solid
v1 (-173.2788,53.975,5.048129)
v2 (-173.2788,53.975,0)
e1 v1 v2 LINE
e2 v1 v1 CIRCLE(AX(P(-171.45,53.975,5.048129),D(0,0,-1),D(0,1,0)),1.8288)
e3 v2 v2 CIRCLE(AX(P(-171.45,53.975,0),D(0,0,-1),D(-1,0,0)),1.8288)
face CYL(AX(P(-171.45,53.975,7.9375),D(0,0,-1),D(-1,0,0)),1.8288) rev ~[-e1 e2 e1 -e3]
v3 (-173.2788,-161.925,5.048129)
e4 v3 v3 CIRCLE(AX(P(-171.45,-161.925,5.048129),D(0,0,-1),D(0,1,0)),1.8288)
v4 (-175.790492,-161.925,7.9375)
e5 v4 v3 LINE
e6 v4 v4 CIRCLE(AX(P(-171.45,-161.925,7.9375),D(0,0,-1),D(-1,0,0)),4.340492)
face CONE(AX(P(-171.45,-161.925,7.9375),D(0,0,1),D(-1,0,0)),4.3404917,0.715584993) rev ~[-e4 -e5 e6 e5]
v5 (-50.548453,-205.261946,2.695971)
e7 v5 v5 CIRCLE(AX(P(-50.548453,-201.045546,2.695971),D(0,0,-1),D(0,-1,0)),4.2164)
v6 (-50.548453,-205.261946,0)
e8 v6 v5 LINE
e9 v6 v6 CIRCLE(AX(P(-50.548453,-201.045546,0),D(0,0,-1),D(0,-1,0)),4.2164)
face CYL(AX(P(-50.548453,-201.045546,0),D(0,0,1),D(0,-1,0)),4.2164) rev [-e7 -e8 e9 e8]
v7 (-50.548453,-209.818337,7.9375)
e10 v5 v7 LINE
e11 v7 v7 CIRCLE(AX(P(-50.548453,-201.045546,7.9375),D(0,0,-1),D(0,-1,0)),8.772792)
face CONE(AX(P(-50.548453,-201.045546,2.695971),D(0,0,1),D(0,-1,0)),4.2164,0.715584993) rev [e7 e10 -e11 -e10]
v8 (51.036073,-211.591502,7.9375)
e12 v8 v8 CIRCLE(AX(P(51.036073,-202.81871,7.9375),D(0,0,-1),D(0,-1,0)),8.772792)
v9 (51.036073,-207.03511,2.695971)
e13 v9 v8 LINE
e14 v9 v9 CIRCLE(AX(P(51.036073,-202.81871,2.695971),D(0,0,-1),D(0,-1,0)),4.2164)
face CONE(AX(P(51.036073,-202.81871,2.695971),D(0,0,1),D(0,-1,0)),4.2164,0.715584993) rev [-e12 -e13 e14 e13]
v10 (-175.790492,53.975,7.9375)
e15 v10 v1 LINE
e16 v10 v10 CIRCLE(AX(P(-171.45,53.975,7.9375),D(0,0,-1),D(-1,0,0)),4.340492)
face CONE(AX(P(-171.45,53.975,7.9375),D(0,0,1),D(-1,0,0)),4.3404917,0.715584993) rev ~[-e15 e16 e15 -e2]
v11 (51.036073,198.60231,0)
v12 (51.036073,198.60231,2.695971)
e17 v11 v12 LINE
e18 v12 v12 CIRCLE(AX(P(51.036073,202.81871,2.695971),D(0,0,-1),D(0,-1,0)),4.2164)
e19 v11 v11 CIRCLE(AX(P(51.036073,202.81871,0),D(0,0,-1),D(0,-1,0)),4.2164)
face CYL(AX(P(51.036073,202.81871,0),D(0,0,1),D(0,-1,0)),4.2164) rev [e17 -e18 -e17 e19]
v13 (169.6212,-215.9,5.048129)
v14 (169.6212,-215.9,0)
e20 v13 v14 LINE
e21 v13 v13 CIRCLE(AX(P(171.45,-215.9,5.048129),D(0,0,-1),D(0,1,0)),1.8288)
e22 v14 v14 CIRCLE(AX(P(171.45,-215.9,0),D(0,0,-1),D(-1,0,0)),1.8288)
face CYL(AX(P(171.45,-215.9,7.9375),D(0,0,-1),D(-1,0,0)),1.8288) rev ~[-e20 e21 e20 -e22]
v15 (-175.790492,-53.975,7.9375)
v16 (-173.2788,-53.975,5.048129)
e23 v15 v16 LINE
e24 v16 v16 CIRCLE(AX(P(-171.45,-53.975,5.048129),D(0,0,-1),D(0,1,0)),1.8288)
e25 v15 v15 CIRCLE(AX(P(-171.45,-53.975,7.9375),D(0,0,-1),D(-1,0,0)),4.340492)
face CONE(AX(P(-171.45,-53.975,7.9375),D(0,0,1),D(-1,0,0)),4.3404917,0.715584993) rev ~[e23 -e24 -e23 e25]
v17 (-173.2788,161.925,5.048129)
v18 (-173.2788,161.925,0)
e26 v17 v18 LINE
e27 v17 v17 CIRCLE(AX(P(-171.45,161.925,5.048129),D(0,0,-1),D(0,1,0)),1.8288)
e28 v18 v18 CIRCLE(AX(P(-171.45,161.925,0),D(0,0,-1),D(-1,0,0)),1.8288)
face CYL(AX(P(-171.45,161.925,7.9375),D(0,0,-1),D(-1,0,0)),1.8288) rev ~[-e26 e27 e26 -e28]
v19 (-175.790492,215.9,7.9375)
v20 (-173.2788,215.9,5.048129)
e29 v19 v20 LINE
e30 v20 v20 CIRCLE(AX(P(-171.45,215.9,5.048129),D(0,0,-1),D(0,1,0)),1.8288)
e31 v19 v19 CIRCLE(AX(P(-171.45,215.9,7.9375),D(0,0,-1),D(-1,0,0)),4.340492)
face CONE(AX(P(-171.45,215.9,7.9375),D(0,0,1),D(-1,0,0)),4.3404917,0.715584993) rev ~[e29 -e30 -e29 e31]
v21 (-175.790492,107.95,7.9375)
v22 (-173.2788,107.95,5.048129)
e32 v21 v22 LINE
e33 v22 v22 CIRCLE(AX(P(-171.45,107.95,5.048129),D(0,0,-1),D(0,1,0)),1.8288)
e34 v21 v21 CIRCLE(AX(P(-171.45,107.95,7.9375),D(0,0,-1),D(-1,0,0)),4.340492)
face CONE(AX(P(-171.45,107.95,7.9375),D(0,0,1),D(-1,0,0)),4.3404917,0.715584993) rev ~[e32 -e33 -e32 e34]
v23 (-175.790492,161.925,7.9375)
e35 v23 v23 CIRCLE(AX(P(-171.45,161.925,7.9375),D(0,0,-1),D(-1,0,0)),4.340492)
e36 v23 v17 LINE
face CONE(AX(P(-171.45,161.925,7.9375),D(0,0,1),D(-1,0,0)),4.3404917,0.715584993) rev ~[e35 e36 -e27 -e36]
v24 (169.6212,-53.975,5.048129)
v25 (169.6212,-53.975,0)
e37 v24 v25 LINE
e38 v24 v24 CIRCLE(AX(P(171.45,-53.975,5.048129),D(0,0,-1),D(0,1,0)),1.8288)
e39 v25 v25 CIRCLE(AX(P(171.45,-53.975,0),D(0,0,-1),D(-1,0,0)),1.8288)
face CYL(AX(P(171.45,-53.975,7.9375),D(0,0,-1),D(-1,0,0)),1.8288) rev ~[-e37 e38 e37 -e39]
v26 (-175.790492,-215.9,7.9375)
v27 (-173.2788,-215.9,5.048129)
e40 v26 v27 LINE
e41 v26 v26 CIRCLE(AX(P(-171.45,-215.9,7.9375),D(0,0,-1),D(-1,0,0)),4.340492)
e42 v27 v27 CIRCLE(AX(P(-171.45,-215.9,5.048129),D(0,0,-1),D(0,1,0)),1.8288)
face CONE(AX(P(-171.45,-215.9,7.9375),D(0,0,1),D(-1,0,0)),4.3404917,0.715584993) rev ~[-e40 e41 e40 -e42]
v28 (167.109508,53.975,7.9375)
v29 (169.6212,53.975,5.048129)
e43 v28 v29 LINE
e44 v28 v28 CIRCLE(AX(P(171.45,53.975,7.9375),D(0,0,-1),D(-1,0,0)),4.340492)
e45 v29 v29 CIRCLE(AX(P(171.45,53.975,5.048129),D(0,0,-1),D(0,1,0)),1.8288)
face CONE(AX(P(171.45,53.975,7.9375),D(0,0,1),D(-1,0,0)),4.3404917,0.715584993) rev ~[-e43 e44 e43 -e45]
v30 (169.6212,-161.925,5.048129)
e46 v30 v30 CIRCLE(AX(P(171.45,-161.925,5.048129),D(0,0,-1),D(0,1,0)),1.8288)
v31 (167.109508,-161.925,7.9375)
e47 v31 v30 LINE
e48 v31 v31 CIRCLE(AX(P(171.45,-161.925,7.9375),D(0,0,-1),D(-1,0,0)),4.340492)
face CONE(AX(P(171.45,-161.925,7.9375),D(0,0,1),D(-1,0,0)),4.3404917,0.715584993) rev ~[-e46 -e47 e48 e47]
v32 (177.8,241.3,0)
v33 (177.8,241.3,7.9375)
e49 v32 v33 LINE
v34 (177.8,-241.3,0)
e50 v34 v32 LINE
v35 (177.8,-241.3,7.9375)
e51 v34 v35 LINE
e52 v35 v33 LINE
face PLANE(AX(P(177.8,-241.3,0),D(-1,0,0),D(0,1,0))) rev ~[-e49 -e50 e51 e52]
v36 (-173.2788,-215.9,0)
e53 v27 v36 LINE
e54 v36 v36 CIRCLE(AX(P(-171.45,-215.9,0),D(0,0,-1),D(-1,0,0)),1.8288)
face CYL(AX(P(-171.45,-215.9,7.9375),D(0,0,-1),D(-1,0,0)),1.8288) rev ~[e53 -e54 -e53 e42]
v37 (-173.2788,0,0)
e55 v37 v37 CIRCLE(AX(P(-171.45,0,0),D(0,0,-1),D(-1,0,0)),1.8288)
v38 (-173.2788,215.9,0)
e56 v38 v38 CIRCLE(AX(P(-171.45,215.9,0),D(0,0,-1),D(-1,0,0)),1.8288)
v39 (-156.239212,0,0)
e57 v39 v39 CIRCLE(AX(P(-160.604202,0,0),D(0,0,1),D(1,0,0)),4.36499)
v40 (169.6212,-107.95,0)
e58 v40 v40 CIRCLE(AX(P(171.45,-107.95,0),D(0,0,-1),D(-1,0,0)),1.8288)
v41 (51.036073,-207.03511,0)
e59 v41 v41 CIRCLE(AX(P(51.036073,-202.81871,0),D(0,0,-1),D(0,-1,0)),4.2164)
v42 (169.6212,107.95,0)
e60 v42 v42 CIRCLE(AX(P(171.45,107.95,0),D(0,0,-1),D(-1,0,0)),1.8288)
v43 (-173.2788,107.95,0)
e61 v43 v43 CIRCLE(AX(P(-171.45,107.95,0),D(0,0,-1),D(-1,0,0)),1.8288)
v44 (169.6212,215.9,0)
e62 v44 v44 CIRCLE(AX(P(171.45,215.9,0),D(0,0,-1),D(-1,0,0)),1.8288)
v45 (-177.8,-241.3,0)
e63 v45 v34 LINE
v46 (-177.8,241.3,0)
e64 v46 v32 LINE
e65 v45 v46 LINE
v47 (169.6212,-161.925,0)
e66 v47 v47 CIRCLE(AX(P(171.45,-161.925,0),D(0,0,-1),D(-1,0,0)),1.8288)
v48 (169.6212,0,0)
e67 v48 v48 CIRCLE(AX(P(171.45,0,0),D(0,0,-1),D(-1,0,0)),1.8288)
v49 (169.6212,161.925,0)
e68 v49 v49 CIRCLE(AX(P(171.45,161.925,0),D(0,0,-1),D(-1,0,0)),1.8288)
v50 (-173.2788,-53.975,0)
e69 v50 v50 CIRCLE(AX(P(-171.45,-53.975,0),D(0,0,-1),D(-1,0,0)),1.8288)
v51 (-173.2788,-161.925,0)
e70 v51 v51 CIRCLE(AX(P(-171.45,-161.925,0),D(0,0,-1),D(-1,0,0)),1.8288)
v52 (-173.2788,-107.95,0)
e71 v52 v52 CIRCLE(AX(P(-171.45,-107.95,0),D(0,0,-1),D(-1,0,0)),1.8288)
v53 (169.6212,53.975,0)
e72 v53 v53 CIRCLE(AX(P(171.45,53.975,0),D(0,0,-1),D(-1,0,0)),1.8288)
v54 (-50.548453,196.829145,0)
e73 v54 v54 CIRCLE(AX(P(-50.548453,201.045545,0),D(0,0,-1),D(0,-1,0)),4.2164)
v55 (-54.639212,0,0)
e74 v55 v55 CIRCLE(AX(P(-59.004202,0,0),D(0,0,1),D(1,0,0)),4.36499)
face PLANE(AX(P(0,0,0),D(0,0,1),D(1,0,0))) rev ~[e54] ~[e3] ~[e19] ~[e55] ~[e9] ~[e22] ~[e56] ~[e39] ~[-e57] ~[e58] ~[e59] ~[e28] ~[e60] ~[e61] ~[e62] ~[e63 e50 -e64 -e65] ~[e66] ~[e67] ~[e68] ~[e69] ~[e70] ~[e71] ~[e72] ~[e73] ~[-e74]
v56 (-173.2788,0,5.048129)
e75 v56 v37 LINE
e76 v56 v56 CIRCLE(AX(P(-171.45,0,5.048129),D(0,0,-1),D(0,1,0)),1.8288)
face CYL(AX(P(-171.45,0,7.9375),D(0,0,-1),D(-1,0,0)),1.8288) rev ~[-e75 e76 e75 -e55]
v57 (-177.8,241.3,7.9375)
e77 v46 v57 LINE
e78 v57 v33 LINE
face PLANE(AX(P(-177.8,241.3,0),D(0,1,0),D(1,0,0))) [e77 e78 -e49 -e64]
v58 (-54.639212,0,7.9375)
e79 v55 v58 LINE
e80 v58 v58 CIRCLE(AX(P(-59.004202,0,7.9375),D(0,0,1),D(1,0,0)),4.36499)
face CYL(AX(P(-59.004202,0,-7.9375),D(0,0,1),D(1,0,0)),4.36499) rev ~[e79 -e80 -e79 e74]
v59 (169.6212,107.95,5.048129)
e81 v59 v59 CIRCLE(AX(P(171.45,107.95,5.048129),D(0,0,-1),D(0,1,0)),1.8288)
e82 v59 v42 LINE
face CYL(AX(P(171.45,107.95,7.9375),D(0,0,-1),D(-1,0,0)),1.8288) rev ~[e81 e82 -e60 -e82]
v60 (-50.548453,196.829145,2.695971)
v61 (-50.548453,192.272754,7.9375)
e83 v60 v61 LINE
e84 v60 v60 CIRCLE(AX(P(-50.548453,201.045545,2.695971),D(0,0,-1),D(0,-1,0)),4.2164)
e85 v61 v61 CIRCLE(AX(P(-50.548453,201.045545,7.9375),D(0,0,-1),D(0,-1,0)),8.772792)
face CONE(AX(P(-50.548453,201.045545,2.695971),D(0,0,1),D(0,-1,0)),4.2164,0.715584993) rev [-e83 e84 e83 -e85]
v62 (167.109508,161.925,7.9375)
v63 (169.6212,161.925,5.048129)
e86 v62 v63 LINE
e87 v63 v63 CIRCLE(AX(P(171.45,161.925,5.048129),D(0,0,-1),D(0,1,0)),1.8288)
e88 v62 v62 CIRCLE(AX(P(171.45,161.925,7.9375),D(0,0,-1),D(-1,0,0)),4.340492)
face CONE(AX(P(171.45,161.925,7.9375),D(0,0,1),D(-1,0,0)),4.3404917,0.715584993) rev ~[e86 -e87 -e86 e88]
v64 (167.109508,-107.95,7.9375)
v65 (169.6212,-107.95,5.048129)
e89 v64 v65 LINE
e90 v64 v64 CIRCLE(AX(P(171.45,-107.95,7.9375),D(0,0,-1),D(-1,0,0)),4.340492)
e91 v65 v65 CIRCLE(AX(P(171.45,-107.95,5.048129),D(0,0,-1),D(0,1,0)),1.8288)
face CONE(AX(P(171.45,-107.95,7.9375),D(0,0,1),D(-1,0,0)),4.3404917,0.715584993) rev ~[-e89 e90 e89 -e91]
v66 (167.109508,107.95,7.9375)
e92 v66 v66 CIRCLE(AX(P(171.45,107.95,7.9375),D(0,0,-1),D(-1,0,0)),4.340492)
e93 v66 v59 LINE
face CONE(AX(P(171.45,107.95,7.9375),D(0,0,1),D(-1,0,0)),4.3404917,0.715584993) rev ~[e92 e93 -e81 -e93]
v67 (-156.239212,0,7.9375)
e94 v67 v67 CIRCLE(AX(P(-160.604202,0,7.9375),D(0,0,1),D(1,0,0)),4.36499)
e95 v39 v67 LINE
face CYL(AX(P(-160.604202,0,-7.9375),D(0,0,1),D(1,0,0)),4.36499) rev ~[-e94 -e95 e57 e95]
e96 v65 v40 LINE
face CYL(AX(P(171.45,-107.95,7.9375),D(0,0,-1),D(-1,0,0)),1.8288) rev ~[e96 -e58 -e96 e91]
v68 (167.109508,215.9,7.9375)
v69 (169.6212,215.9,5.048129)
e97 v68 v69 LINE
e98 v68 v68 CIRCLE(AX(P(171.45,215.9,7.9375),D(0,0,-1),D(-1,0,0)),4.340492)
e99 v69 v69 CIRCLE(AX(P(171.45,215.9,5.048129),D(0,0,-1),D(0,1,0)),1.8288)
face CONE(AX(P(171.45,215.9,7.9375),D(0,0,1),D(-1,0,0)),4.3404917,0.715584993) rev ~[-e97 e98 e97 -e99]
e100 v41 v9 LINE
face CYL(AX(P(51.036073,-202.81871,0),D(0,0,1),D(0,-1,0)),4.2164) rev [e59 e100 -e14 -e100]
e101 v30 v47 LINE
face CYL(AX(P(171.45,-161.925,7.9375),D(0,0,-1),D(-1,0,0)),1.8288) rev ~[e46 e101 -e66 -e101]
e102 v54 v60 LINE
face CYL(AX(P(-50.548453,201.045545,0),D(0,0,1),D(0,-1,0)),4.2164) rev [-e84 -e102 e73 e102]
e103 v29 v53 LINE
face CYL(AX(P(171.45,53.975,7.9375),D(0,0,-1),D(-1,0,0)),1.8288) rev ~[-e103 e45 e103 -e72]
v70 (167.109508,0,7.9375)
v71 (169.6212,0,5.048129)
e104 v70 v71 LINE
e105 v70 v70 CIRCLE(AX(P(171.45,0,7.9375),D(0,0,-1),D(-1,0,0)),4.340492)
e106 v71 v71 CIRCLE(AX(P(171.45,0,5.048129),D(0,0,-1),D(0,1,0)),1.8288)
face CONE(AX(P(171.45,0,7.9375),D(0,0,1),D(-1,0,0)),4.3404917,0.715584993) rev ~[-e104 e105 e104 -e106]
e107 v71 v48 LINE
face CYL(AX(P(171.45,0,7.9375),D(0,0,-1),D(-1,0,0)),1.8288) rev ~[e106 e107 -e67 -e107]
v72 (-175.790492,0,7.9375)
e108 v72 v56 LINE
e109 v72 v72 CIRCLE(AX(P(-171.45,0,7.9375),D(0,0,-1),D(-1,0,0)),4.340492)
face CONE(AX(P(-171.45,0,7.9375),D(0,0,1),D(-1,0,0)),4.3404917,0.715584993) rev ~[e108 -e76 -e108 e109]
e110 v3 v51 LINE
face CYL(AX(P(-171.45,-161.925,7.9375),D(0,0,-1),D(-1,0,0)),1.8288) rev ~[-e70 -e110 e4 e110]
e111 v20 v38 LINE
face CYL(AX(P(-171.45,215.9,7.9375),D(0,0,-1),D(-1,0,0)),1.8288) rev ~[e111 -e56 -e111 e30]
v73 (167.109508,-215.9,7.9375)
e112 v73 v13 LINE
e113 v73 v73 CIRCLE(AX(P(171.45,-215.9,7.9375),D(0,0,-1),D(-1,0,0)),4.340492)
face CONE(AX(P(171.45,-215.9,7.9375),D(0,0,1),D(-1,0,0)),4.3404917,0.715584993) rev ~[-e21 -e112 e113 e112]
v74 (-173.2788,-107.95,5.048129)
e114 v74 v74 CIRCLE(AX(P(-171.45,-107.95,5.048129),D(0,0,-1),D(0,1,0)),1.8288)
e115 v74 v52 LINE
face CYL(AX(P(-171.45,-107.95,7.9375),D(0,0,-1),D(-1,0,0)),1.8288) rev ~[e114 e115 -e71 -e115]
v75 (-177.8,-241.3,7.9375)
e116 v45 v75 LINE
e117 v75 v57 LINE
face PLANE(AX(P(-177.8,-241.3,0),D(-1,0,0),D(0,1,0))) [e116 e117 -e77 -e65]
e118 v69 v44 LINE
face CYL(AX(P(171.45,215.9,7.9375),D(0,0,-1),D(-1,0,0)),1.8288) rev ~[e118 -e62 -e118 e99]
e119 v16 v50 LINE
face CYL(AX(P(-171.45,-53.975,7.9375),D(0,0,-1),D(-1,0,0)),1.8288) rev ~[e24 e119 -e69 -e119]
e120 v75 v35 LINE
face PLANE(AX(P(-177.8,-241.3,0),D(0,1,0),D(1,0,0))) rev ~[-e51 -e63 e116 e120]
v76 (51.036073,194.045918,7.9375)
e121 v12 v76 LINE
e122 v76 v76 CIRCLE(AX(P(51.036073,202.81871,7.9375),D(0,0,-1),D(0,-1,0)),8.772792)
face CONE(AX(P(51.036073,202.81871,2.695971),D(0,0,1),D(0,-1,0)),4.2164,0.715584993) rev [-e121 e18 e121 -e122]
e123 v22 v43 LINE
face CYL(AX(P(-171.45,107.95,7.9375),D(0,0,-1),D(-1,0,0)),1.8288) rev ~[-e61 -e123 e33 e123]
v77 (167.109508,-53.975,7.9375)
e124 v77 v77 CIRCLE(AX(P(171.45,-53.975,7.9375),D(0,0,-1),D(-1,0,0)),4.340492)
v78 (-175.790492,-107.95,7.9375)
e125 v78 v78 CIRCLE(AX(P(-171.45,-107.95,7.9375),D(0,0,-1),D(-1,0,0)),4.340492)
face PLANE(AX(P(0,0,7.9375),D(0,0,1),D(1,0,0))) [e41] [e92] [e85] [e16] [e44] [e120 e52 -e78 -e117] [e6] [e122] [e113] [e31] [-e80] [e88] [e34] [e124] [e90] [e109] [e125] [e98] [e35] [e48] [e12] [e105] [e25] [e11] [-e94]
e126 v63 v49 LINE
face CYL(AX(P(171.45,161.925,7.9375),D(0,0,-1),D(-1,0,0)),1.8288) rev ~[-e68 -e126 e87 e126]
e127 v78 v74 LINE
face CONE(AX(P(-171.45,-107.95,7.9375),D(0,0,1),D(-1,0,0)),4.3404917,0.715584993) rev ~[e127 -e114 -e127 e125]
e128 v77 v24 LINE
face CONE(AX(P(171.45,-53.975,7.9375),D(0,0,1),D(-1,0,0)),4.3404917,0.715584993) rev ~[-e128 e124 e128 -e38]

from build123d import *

# Parameters (mm, degrees)
SKETCH1_W                                         = 355.6
SKETCH1_H                                         = 482.6
EXTRUDE1_DEPTH                                    = 7.9375
F_5_16_CLEARANCE_HOLE1_D                          = 8.72998
F_5_16_CLEARANCE_HOLE1_DEPTH                      = 7.9375
CSK_FOR_5_16_FLAT_HEAD_SOCKET_CAP_SC_2_COUNT      = 2
CSK_FOR_5_16_FLAT_HEAD_SOCKET_CAP_SC_2_PITCH      = 405.637419891
CSK_FOR_5_16_FLAT_HEAD_SOCKET_CAP_SC_3_COUNT      = 2
CSK_FOR_5_16_FLAT_HEAD_SOCKET_CAP_SC_3_PITCH      = 101.6
CSK_FOR_5_16_FLAT_HEAD_SOCKET_CAP_SC_4_COUNT      = 2
CSK_FOR_5_16_FLAT_HEAD_SOCKET_CAP_SC_4_PITCH      = 416.444177142
CSK_FOR_6_FLAT_HEAD_SOCKET_CAP_SCREW1_D           = 3.6576
CSK_FOR_6_FLAT_HEAD_SOCKET_CAP_SCREW1_DEPTH       = 7.938008
CSK_FOR_6_FLAT_HEAD_SOCKET_CAP_SCREW1_CSINK_D     = 8.6809834
CSK_FOR_6_FLAT_HEAD_SOCKET_CAP_SCREW1_CSINK_ANGLE = 82
CSK_FOR_6_FLAT_HEAD_SOCKET_CAP_SCREW1_TIP         = 1.0988539


with BuildPart() as part:
    # Sketch1 → Extrude1 (new body)
    with BuildSketch(Plane.XY):
        Rectangle(SKETCH1_W, SKETCH1_H)
    extrude(amount=EXTRUDE1_DEPTH)

    # 5/16 Clearance Hole1
    with Locations(Plane(origin=(0, 0, 0), x_dir=(-1, 0, 0), z_dir=(0, 0, -1))):
        with Locations((59.004201824, 0), (160.604201824, 0)):
            Hole(F_5_16_CLEARANCE_HOLE1_D / 2, depth=F_5_16_CLEARANCE_HOLE1_DEPTH)

    # Sketch12 → CSK for 5/16 Flat Head Socket Cap Screw1 (revolve, cut)
    with BuildSketch(Plane(origin=(51.036073032, 202.818709946, 7.9375), x_dir=(0, -1, 0), z_dir=(1, 0, 0))):
        Polygon((0, 0), (0, 7.9375), (4.2164, 7.9375), (4.2164, 5.241529063), (8.7727917, 0), align=None)
    csk_for_5_16_flat_head_socket_cap_screw1 = revolve(axis=Axis((51.036073032, 202.818709946, 14.2875), (0, 0, -1)), mode=Mode.SUBTRACT)

    # CSK for 5_16 Flat Head Socket Cap Sc 2: CSK for 5/16 Flat Head Socket Cap Screw1 ×2
    with Locations(*[(0, -i * CSK_FOR_5_16_FLAT_HEAD_SOCKET_CAP_SC_2_PITCH, 0) for i in range(1, CSK_FOR_5_16_FLAT_HEAD_SOCKET_CAP_SC_2_COUNT)]):
        add(csk_for_5_16_flat_head_socket_cap_screw1, mode=Mode.SUBTRACT)

    # CSK for 5_16 Flat Head Socket Cap Sc 3: CSK for 5/16 Flat Head Socket Cap Screw1 ×2
    with Locations(*[Vector(-0.999847695, -0.017452406, 0) * (i * CSK_FOR_5_16_FLAT_HEAD_SOCKET_CAP_SC_3_PITCH) for i in range(1, CSK_FOR_5_16_FLAT_HEAD_SOCKET_CAP_SC_3_COUNT)]):
        add(csk_for_5_16_flat_head_socket_cap_screw1, mode=Mode.SUBTRACT)

    # CSK for 5_16 Flat Head Socket Cap Sc 4: CSK for 5/16 Flat Head Socket Cap Screw1 ×2
    with Locations(*[Vector(-0.243933116, -0.969792058, 0) * (i * CSK_FOR_5_16_FLAT_HEAD_SOCKET_CAP_SC_4_PITCH) for i in range(1, CSK_FOR_5_16_FLAT_HEAD_SOCKET_CAP_SC_4_COUNT)]):
        add(csk_for_5_16_flat_head_socket_cap_screw1, mode=Mode.SUBTRACT)

    # CSK for #6 Flat Head Socket Cap Screw1
    with Locations(Plane.XY.offset(7.9375)):
        with Locations((-171.45, -215.9), (171.45, -215.9), (171.45, -161.925), (-171.45, -161.925), (171.45, -107.95), (-171.45, -107.95), (171.45, -53.975), (-171.45, -53.975), (171.45, 0), (-171.45, 0), (171.45, 53.975), (-171.45, 53.975), (171.45, 107.95), (-171.45, 107.95), (171.45, 161.925), (-171.45, 161.925), (171.45, 215.9), (-171.45, 215.9)):
            CounterSinkHole(CSK_FOR_6_FLAT_HEAD_SOCKET_CAP_SCREW1_D / 2, CSK_FOR_6_FLAT_HEAD_SOCKET_CAP_SCREW1_CSINK_D / 2, depth=CSK_FOR_6_FLAT_HEAD_SOCKET_CAP_SCREW1_DEPTH, counter_sink_angle=CSK_FOR_6_FLAT_HEAD_SOCKET_CAP_SCREW1_CSINK_ANGLE)
            with Locations((0, 0, -(CSK_FOR_6_FLAT_HEAD_SOCKET_CAP_SCREW1_DEPTH + CSK_FOR_6_FLAT_HEAD_SOCKET_CAP_SCREW1_TIP / 2))):  # 118° drill point
                Cone(0, CSK_FOR_6_FLAT_HEAD_SOCKET_CAP_SCREW1_D / 2, CSK_FOR_6_FLAT_HEAD_SOCKET_CAP_SCREW1_TIP, mode=Mode.SUBTRACT)


solid = part.part
